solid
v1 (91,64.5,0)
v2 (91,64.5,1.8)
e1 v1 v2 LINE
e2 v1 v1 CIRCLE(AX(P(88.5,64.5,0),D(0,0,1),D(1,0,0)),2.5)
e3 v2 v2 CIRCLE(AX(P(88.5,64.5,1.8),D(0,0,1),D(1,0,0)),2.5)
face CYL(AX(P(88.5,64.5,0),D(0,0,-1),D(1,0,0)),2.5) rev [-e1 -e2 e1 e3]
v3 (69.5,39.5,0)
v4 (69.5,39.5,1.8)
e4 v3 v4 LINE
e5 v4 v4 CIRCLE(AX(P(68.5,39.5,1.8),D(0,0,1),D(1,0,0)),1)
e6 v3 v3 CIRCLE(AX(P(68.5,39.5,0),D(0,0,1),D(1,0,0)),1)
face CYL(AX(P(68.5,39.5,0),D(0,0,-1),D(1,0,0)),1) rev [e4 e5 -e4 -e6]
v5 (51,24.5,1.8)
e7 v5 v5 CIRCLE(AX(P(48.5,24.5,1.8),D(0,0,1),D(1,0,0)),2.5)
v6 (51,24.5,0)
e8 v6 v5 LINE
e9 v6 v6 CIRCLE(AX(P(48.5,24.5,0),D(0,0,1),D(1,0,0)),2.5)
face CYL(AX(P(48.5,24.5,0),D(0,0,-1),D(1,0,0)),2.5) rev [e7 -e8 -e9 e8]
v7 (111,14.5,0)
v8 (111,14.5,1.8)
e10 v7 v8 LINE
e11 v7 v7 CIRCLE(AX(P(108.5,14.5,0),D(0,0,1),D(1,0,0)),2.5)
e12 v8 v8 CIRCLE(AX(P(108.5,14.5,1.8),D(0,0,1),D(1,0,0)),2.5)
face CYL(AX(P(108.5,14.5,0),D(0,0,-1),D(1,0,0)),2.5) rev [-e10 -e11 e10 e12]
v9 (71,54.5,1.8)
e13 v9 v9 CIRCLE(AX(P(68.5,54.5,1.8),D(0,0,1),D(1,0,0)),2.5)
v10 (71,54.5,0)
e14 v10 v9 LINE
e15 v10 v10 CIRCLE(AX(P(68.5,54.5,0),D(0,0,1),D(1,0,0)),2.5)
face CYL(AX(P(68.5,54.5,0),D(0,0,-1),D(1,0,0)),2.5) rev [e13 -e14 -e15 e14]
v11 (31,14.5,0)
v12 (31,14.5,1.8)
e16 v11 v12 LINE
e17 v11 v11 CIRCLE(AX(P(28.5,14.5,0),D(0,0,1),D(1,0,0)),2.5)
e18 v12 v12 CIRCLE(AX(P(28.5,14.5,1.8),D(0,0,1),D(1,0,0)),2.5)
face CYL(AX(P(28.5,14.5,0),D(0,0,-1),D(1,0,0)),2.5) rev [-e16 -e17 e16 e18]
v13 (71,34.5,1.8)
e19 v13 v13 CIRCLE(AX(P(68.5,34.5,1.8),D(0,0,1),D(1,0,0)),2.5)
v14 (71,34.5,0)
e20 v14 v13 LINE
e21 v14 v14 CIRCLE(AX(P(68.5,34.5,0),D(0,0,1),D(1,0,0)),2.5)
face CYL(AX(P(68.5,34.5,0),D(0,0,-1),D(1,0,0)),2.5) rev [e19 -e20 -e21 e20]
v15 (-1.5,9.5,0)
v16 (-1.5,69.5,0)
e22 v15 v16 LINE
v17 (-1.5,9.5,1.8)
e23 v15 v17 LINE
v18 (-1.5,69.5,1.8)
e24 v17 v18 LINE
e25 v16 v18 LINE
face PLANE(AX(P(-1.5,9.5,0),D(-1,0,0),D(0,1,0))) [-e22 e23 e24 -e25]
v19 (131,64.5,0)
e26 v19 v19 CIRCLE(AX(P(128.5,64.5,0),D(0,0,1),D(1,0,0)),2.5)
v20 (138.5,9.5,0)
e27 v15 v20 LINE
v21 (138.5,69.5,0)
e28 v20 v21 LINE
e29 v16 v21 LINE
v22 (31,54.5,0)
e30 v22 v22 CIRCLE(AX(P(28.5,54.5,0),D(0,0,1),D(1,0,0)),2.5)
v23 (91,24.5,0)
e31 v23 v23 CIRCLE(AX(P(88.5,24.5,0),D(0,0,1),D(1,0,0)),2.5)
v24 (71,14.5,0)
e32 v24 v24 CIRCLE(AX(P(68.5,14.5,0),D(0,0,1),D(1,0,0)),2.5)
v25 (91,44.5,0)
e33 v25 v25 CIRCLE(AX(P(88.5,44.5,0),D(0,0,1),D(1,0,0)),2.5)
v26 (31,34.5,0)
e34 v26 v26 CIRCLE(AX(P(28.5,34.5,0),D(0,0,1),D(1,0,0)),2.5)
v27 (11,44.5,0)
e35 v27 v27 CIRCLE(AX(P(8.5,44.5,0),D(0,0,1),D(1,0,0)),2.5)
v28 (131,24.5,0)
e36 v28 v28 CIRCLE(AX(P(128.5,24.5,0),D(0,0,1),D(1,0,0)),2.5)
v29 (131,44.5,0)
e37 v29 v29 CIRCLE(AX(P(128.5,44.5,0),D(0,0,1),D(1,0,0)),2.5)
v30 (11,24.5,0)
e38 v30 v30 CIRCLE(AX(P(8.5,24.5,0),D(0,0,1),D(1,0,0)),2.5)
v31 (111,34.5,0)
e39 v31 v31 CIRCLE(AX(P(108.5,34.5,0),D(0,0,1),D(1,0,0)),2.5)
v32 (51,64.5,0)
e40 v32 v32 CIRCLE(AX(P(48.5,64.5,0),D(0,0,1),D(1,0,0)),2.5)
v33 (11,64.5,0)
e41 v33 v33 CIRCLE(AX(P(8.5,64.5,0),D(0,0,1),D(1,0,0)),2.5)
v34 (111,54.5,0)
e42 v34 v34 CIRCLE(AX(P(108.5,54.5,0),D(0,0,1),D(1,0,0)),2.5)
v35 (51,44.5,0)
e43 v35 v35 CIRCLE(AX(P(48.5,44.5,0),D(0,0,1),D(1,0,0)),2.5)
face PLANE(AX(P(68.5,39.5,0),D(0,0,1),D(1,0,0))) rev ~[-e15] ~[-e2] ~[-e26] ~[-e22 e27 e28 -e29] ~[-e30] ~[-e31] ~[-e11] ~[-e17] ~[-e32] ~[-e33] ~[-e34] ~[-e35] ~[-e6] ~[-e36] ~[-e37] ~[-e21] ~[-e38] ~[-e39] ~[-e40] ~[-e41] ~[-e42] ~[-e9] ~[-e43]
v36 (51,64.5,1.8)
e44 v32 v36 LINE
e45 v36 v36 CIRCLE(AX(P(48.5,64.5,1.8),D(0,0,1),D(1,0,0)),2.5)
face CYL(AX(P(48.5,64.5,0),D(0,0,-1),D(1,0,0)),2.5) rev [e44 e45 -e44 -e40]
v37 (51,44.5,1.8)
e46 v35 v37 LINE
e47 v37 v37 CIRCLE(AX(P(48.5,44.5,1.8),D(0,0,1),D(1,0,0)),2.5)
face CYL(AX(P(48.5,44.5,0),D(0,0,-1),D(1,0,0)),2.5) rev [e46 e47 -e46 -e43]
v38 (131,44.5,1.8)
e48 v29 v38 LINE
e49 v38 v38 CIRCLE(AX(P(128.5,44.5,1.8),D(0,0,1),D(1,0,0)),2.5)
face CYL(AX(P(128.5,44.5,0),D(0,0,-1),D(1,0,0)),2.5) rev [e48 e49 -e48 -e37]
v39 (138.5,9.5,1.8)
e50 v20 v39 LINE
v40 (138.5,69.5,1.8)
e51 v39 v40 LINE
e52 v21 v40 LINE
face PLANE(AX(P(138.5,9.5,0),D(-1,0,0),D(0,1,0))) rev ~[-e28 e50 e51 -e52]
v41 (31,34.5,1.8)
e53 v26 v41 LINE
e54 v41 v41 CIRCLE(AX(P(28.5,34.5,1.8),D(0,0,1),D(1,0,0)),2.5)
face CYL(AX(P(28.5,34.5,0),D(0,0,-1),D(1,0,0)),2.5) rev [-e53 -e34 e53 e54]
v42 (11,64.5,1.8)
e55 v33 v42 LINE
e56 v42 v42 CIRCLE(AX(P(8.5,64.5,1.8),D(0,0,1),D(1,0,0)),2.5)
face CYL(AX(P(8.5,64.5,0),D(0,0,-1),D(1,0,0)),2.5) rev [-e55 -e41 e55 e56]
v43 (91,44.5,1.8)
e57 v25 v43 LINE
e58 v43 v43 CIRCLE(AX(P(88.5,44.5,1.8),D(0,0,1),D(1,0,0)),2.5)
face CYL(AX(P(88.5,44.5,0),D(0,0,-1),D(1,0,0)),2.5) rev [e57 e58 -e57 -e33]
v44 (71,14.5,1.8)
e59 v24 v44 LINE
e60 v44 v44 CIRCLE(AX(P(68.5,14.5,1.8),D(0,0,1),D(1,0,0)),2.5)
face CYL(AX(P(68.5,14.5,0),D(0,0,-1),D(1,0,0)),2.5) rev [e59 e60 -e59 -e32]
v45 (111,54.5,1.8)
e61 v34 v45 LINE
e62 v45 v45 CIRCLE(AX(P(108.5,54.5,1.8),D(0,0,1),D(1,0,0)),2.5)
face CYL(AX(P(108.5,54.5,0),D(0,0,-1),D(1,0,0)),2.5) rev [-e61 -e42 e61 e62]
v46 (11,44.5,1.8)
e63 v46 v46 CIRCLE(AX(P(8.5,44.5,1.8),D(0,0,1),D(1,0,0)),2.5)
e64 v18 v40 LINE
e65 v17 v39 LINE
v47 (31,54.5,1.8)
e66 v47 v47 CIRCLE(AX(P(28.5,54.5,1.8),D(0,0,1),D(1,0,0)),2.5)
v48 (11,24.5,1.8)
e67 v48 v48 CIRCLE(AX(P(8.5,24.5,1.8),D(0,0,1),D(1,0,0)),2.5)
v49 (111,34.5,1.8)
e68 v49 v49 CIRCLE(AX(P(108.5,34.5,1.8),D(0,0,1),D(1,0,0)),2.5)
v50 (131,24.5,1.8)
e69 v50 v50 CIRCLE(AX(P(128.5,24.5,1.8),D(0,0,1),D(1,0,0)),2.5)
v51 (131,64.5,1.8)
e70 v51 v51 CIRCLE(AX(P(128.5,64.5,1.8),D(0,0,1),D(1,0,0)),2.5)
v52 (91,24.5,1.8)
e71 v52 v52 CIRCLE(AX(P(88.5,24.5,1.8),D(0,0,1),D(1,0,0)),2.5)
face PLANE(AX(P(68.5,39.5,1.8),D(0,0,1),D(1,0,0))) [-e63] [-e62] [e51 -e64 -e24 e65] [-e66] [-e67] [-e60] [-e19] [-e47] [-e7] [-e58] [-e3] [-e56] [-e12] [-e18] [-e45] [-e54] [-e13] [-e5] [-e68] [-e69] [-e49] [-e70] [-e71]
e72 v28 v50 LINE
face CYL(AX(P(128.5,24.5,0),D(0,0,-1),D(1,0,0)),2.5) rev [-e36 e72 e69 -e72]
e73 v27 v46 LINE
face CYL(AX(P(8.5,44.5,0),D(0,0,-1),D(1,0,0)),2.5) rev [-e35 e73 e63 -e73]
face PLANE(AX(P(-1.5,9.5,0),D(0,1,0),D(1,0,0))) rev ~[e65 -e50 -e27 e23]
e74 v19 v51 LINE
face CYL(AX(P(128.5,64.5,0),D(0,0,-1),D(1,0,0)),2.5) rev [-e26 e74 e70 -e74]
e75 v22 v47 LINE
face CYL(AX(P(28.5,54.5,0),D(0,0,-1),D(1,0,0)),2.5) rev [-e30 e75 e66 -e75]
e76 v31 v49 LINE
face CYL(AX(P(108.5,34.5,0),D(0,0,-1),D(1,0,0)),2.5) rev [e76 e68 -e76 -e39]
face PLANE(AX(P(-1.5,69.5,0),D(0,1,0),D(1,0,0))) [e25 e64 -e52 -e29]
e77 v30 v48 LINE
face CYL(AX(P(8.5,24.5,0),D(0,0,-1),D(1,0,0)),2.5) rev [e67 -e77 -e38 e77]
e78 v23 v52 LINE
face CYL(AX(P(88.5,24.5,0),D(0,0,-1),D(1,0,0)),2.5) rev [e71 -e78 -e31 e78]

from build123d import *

# Parameters (mm, degrees)
SKETCH_W   = 140
SKETCH_H   = 60
SKETCH_R   = 2.5
SKETCH_R_2 = 1
PAD_DEPTH  = 1.8


with BuildPart() as part:
    # Sketch → Pad (new body)
    with BuildSketch(Plane.XY):
        with Locations((68.5, 39.5)):
            Rectangle(SKETCH_W, SKETCH_H)
        with Locations((28.5, 14.5)):
            Circle(SKETCH_R, mode=Mode.SUBTRACT)
        with Locations((108.5, 14.5)):
            Circle(SKETCH_R, mode=Mode.SUBTRACT)
        with Locations((8.5, 24.5)):
            Circle(SKETCH_R, mode=Mode.SUBTRACT)
        with Locations((48.5, 24.5)):
            Circle(SKETCH_R, mode=Mode.SUBTRACT)
        with Locations((88.5, 24.5)):
            Circle(SKETCH_R, mode=Mode.SUBTRACT)
        with Locations((8.5, 44.5)):
            Circle(SKETCH_R, mode=Mode.SUBTRACT)
        with Locations((48.5, 44.5)):
            Circle(SKETCH_R, mode=Mode.SUBTRACT)
        with Locations((88.5, 44.5)):
            Circle(SKETCH_R, mode=Mode.SUBTRACT)
        with Locations((28.5, 54.5)):
            Circle(SKETCH_R, mode=Mode.SUBTRACT)
        with Locations((68.5, 54.5)):
            Circle(SKETCH_R, mode=Mode.SUBTRACT)
        with Locations((108.5, 54.5)):
            Circle(SKETCH_R, mode=Mode.SUBTRACT)
        with Locations((88.5, 64.5)):
            Circle(SKETCH_R, mode=Mode.SUBTRACT)
        with Locations((48.5, 64.5)):
            Circle(SKETCH_R, mode=Mode.SUBTRACT)
        with Locations((8.5, 64.5)):
            Circle(SKETCH_R, mode=Mode.SUBTRACT)
        with Locations((28.5, 34.5)):
            Circle(SKETCH_R, mode=Mode.SUBTRACT)
        with Locations((68.5, 34.5)):
            Circle(SKETCH_R, mode=Mode.SUBTRACT)
        with Locations((108.5, 34.5)):
            Circle(SKETCH_R, mode=Mode.SUBTRACT)
        with Locations((68.5, 14.5)):
            Circle(SKETCH_R, mode=Mode.SUBTRACT)
        with Locations((128.5, 24.5)):
            Circle(SKETCH_R, mode=Mode.SUBTRACT)
        with Locations((128.5, 44.5)):
            Circle(SKETCH_R, mode=Mode.SUBTRACT)
        with Locations((128.5, 64.5)):
            Circle(SKETCH_R, mode=Mode.SUBTRACT)
        with Locations((68.5, 39.5)):
            Circle(SKETCH_R_2, mode=Mode.SUBTRACT)
    extrude(amount=PAD_DEPTH)


solid = part.part
